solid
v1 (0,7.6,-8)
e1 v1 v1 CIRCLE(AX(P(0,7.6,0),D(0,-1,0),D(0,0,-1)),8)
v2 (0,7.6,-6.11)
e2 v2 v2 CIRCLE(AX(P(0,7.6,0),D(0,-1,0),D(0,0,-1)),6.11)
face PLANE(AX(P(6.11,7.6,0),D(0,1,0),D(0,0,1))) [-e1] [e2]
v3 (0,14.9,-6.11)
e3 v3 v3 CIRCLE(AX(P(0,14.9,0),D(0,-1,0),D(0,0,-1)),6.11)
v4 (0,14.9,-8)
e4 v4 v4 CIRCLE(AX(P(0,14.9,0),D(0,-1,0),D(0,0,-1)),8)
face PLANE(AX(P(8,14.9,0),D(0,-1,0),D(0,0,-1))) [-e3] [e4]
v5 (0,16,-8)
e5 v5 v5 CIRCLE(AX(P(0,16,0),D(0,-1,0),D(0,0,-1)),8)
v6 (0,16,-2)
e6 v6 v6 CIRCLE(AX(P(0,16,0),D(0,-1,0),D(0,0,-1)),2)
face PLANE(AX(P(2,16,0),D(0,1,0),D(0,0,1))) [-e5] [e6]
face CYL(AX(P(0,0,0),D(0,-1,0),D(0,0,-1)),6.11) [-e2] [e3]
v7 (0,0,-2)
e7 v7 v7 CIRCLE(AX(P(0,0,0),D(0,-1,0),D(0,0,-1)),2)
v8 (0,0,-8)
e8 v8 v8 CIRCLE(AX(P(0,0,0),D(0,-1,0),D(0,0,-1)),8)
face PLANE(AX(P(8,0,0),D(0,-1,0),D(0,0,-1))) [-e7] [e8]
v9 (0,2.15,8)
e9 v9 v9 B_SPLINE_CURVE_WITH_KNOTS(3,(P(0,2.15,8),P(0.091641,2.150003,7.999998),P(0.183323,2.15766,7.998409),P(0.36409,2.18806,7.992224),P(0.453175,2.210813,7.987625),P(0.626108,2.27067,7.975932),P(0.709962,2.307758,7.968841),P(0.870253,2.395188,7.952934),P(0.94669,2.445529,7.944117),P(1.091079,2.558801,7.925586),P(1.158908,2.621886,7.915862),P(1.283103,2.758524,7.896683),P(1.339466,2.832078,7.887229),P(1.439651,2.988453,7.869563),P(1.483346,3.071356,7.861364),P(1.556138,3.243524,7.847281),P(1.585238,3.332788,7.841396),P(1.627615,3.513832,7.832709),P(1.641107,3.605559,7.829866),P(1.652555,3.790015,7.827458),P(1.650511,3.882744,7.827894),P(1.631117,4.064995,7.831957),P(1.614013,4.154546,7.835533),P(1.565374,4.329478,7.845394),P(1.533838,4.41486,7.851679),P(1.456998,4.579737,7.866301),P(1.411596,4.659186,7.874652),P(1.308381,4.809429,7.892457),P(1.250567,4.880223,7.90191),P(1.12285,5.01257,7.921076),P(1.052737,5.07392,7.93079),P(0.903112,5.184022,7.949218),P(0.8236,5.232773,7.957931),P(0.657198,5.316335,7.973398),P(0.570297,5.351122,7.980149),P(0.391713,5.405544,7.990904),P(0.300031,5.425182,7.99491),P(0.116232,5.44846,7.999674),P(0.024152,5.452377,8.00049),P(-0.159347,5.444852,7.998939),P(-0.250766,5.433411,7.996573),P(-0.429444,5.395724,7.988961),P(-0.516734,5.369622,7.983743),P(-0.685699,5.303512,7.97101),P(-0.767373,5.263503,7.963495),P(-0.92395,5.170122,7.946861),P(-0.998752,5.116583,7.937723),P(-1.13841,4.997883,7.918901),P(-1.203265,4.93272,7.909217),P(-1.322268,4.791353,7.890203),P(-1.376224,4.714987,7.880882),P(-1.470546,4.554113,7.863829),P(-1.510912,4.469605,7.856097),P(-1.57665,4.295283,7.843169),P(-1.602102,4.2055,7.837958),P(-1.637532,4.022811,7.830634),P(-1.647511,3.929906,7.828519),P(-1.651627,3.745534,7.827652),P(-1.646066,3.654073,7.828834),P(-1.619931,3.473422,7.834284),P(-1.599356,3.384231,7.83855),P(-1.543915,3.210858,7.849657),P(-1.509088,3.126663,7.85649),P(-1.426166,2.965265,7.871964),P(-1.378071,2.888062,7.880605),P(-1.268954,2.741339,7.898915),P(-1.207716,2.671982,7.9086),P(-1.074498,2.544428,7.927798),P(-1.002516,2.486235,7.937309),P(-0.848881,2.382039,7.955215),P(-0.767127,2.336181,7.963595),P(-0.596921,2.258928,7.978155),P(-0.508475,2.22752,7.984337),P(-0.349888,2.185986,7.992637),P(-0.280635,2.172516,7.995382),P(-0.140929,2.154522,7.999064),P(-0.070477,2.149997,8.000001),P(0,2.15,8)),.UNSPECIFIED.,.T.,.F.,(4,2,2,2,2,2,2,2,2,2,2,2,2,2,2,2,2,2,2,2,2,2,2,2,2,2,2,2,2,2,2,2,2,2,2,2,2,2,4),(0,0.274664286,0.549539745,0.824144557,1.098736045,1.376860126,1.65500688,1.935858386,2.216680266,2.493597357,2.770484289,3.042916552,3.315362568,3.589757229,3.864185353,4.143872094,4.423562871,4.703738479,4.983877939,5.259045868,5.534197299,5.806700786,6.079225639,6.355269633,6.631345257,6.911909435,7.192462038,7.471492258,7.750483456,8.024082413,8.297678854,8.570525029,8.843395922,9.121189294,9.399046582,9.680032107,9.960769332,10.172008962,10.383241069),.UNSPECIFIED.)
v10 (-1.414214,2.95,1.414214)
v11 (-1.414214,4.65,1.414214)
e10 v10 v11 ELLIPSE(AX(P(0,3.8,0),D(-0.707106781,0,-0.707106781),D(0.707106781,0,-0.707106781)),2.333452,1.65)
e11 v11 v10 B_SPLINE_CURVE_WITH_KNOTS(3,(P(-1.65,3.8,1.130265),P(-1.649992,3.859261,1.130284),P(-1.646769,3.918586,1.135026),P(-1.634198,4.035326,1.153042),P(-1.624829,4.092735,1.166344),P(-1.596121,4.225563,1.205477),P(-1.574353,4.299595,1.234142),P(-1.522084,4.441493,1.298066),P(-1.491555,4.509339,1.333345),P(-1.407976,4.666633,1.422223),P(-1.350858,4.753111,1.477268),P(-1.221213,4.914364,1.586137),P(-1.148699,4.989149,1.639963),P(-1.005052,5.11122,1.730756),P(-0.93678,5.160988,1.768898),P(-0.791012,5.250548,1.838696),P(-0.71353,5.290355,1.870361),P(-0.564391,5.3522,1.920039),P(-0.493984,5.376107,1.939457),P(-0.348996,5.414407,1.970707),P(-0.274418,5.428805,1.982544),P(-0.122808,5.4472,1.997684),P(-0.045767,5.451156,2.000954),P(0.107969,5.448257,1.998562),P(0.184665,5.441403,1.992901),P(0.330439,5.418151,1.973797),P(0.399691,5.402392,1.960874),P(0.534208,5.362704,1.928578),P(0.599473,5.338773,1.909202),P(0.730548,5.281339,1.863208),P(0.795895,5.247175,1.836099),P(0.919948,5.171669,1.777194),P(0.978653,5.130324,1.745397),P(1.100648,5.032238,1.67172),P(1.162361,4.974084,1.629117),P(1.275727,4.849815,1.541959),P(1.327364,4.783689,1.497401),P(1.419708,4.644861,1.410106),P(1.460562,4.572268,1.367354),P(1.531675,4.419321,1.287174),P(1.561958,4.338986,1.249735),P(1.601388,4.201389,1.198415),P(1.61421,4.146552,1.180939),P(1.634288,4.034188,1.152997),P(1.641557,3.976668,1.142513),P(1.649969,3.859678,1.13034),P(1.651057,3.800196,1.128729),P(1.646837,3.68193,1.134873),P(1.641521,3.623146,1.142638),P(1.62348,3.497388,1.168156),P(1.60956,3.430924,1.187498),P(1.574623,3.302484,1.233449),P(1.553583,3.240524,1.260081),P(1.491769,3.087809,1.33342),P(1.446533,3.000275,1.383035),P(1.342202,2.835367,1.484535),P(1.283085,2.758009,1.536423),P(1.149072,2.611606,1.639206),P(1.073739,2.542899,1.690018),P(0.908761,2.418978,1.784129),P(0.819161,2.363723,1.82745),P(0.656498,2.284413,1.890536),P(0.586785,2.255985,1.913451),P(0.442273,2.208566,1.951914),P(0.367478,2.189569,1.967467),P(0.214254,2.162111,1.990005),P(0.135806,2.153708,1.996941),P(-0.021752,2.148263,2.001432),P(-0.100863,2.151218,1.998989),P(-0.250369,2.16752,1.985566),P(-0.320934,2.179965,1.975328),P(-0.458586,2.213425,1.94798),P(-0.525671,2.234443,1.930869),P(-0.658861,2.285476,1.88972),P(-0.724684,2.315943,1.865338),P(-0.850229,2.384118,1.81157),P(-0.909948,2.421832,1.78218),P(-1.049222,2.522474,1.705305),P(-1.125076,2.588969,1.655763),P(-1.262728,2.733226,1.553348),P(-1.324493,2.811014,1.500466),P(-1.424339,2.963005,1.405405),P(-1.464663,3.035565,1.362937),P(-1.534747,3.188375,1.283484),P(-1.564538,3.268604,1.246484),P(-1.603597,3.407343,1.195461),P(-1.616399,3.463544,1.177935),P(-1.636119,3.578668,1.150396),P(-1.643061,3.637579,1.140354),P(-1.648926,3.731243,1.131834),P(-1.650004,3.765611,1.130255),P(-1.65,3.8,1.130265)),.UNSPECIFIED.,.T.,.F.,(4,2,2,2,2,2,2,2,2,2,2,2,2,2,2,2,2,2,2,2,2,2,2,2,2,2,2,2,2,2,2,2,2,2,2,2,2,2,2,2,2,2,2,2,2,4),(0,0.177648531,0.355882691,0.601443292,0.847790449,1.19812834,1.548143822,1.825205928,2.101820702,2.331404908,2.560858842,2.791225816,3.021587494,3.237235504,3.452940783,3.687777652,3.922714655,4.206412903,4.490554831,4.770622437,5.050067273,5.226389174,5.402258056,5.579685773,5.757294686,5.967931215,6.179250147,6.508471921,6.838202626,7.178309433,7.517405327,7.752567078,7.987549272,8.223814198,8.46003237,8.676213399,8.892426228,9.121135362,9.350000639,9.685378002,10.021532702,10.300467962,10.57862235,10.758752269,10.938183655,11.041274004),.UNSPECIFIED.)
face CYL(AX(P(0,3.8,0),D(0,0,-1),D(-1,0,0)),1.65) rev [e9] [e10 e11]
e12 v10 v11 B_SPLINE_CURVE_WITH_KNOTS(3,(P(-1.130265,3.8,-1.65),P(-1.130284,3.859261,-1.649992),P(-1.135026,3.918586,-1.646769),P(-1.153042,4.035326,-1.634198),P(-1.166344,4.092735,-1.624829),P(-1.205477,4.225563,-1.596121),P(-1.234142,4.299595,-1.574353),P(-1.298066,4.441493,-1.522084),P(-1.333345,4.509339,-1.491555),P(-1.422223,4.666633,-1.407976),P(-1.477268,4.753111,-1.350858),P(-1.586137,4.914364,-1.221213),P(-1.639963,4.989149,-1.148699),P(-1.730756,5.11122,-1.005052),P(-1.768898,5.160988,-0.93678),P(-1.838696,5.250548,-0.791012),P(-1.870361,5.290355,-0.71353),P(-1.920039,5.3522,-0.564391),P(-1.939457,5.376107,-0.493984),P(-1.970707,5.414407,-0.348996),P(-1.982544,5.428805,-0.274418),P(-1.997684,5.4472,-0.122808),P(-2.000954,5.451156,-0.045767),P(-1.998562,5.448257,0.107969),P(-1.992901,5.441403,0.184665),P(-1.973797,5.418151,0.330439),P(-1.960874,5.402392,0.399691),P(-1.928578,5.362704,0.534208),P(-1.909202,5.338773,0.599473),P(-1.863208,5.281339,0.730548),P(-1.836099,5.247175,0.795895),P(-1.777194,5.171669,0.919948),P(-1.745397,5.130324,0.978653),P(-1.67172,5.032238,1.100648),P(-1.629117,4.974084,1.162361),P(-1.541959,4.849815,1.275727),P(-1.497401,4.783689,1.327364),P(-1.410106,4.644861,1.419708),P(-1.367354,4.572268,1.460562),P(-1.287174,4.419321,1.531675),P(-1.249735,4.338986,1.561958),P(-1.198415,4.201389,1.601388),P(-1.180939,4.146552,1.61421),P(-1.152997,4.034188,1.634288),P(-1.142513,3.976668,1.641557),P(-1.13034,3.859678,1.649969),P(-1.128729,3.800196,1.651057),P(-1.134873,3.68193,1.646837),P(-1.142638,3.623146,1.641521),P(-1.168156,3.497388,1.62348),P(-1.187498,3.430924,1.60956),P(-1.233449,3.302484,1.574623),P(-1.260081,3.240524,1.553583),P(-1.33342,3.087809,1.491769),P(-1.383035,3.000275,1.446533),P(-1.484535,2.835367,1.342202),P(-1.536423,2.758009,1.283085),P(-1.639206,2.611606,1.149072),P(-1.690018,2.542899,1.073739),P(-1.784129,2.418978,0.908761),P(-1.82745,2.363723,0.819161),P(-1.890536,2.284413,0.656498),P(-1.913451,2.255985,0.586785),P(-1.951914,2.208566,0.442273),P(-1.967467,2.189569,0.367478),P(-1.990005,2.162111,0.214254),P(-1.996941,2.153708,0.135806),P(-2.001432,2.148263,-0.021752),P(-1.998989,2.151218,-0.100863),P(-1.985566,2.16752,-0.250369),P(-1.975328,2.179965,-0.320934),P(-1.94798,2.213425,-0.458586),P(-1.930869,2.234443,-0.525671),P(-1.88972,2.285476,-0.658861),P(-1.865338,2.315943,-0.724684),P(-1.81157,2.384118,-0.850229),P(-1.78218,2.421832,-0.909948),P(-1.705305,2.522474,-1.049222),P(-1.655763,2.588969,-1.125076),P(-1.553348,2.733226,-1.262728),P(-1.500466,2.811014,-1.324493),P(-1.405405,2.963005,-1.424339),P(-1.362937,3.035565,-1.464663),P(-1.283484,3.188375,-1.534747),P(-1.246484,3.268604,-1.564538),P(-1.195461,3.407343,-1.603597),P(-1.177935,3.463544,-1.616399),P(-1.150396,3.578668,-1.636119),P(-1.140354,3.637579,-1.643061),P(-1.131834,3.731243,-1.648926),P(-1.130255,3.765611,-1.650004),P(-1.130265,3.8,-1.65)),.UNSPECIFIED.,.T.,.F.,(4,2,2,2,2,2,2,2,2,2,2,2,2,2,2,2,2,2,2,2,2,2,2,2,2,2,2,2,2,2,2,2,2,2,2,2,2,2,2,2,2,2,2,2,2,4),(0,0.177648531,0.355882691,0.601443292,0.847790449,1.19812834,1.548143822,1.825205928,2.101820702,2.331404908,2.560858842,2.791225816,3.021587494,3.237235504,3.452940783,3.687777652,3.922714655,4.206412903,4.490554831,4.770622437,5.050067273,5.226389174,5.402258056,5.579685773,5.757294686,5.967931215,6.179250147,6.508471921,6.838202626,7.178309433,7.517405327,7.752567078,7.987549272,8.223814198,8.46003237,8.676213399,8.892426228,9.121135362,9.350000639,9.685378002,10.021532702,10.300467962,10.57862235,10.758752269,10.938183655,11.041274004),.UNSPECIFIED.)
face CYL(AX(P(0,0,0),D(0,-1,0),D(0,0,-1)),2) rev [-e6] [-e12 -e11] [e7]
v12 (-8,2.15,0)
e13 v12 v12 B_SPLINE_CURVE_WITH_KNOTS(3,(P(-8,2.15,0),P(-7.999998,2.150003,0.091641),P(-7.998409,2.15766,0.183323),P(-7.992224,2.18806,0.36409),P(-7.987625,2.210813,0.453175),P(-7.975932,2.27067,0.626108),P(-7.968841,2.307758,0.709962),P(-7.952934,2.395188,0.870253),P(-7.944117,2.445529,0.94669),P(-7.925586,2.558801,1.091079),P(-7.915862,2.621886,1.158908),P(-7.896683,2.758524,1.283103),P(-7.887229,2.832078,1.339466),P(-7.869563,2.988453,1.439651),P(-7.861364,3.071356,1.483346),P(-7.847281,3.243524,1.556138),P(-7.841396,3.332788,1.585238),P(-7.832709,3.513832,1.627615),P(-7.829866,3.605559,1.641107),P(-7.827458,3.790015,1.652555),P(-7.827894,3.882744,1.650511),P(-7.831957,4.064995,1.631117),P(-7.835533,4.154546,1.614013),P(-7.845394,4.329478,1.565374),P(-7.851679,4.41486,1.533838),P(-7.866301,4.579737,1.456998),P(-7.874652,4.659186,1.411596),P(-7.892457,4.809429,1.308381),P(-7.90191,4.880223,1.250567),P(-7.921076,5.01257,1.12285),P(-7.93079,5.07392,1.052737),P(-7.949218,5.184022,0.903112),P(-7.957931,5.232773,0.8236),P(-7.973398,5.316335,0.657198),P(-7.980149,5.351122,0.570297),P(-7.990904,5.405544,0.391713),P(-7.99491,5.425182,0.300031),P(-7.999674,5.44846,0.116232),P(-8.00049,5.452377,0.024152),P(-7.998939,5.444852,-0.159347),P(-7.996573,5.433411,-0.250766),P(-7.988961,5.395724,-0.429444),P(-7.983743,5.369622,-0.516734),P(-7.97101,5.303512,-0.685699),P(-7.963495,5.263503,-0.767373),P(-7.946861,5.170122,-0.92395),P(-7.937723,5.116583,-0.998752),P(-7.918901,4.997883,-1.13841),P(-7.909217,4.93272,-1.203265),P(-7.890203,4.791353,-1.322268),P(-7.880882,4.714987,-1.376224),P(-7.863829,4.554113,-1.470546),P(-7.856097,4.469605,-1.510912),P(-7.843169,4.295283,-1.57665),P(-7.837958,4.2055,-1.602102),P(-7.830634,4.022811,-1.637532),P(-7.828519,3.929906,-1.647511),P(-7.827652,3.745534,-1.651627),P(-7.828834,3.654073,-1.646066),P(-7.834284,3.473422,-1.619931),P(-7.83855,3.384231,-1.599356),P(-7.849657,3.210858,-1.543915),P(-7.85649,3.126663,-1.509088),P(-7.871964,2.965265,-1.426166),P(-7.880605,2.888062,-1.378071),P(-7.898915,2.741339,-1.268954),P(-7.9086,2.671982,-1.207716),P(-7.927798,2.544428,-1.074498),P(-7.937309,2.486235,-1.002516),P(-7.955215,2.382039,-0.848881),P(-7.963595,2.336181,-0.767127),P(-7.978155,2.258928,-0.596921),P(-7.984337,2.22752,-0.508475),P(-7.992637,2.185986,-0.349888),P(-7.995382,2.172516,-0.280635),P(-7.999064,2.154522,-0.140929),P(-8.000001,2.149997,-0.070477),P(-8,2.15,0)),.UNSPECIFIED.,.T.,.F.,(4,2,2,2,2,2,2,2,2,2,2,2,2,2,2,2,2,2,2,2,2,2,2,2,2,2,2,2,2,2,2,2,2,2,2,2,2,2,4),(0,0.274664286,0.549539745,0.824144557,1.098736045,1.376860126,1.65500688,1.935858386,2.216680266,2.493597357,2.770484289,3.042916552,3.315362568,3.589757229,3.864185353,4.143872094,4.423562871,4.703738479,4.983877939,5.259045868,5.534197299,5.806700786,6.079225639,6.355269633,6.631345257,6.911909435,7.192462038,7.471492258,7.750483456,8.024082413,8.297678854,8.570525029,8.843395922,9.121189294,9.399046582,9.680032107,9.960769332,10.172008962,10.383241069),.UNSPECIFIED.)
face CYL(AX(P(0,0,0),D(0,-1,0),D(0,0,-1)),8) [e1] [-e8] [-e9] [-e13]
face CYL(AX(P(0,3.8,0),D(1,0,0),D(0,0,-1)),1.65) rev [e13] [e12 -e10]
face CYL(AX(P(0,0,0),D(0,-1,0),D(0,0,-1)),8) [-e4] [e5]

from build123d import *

# Parameters (mm, degrees)
ESQUISSE4_W                  = 1.65
ESQUISSE4_H                  = 8
R_P_TITION_CIRCULAIRE1_COUNT = 2
R_P_TITION_CIRCULAIRE1_ANGLE = 90


with BuildPart() as part:
    # Esquisse2 → Révolution1 (revolve)
    with BuildSketch(Plane.XY):
        Polygon((2, 16), (8, 16), (8, 14.9), (6.11, 14.9), (6.11, 7.6), (8, 7.6), (8, 0), (2, 0), align=None)
    revolve(axis=Axis((0, 0, 0), (0, 1, 0)))

    # Esquisse4 → Trou pour taraudage pour trou taraudé M41 (revolve, cut)
    with BuildSketch(Plane(origin=(0, 3.8, 0), x_dir=(0, 1, 0), z_dir=(1, 0, 0))):
        with Locations((0.825, 4)):
            Rectangle(ESQUISSE4_W, ESQUISSE4_H)
    trou_pour_taraudage_pour_trou_taraud_m4 = revolve(axis=Axis((0, 3.8, -6.35), (0, 0, 1)), mode=Mode.SUBTRACT)

    # Répétition circulaire1: Trou pour taraudage pour trou taraudé M41 ×2 about axis
    r_p_tition_circulaire1_axis = Axis((0, 16, 0), (0, -1, 0))
    for i in range(1, R_P_TITION_CIRCULAIRE1_COUNT):
        add(trou_pour_taraudage_pour_trou_taraud_m4.rotate(r_p_tition_circulaire1_axis, i * R_P_TITION_CIRCULAIRE1_ANGLE / (R_P_TITION_CIRCULAIRE1_COUNT - 1)), mode=Mode.SUBTRACT)


solid = part.part
